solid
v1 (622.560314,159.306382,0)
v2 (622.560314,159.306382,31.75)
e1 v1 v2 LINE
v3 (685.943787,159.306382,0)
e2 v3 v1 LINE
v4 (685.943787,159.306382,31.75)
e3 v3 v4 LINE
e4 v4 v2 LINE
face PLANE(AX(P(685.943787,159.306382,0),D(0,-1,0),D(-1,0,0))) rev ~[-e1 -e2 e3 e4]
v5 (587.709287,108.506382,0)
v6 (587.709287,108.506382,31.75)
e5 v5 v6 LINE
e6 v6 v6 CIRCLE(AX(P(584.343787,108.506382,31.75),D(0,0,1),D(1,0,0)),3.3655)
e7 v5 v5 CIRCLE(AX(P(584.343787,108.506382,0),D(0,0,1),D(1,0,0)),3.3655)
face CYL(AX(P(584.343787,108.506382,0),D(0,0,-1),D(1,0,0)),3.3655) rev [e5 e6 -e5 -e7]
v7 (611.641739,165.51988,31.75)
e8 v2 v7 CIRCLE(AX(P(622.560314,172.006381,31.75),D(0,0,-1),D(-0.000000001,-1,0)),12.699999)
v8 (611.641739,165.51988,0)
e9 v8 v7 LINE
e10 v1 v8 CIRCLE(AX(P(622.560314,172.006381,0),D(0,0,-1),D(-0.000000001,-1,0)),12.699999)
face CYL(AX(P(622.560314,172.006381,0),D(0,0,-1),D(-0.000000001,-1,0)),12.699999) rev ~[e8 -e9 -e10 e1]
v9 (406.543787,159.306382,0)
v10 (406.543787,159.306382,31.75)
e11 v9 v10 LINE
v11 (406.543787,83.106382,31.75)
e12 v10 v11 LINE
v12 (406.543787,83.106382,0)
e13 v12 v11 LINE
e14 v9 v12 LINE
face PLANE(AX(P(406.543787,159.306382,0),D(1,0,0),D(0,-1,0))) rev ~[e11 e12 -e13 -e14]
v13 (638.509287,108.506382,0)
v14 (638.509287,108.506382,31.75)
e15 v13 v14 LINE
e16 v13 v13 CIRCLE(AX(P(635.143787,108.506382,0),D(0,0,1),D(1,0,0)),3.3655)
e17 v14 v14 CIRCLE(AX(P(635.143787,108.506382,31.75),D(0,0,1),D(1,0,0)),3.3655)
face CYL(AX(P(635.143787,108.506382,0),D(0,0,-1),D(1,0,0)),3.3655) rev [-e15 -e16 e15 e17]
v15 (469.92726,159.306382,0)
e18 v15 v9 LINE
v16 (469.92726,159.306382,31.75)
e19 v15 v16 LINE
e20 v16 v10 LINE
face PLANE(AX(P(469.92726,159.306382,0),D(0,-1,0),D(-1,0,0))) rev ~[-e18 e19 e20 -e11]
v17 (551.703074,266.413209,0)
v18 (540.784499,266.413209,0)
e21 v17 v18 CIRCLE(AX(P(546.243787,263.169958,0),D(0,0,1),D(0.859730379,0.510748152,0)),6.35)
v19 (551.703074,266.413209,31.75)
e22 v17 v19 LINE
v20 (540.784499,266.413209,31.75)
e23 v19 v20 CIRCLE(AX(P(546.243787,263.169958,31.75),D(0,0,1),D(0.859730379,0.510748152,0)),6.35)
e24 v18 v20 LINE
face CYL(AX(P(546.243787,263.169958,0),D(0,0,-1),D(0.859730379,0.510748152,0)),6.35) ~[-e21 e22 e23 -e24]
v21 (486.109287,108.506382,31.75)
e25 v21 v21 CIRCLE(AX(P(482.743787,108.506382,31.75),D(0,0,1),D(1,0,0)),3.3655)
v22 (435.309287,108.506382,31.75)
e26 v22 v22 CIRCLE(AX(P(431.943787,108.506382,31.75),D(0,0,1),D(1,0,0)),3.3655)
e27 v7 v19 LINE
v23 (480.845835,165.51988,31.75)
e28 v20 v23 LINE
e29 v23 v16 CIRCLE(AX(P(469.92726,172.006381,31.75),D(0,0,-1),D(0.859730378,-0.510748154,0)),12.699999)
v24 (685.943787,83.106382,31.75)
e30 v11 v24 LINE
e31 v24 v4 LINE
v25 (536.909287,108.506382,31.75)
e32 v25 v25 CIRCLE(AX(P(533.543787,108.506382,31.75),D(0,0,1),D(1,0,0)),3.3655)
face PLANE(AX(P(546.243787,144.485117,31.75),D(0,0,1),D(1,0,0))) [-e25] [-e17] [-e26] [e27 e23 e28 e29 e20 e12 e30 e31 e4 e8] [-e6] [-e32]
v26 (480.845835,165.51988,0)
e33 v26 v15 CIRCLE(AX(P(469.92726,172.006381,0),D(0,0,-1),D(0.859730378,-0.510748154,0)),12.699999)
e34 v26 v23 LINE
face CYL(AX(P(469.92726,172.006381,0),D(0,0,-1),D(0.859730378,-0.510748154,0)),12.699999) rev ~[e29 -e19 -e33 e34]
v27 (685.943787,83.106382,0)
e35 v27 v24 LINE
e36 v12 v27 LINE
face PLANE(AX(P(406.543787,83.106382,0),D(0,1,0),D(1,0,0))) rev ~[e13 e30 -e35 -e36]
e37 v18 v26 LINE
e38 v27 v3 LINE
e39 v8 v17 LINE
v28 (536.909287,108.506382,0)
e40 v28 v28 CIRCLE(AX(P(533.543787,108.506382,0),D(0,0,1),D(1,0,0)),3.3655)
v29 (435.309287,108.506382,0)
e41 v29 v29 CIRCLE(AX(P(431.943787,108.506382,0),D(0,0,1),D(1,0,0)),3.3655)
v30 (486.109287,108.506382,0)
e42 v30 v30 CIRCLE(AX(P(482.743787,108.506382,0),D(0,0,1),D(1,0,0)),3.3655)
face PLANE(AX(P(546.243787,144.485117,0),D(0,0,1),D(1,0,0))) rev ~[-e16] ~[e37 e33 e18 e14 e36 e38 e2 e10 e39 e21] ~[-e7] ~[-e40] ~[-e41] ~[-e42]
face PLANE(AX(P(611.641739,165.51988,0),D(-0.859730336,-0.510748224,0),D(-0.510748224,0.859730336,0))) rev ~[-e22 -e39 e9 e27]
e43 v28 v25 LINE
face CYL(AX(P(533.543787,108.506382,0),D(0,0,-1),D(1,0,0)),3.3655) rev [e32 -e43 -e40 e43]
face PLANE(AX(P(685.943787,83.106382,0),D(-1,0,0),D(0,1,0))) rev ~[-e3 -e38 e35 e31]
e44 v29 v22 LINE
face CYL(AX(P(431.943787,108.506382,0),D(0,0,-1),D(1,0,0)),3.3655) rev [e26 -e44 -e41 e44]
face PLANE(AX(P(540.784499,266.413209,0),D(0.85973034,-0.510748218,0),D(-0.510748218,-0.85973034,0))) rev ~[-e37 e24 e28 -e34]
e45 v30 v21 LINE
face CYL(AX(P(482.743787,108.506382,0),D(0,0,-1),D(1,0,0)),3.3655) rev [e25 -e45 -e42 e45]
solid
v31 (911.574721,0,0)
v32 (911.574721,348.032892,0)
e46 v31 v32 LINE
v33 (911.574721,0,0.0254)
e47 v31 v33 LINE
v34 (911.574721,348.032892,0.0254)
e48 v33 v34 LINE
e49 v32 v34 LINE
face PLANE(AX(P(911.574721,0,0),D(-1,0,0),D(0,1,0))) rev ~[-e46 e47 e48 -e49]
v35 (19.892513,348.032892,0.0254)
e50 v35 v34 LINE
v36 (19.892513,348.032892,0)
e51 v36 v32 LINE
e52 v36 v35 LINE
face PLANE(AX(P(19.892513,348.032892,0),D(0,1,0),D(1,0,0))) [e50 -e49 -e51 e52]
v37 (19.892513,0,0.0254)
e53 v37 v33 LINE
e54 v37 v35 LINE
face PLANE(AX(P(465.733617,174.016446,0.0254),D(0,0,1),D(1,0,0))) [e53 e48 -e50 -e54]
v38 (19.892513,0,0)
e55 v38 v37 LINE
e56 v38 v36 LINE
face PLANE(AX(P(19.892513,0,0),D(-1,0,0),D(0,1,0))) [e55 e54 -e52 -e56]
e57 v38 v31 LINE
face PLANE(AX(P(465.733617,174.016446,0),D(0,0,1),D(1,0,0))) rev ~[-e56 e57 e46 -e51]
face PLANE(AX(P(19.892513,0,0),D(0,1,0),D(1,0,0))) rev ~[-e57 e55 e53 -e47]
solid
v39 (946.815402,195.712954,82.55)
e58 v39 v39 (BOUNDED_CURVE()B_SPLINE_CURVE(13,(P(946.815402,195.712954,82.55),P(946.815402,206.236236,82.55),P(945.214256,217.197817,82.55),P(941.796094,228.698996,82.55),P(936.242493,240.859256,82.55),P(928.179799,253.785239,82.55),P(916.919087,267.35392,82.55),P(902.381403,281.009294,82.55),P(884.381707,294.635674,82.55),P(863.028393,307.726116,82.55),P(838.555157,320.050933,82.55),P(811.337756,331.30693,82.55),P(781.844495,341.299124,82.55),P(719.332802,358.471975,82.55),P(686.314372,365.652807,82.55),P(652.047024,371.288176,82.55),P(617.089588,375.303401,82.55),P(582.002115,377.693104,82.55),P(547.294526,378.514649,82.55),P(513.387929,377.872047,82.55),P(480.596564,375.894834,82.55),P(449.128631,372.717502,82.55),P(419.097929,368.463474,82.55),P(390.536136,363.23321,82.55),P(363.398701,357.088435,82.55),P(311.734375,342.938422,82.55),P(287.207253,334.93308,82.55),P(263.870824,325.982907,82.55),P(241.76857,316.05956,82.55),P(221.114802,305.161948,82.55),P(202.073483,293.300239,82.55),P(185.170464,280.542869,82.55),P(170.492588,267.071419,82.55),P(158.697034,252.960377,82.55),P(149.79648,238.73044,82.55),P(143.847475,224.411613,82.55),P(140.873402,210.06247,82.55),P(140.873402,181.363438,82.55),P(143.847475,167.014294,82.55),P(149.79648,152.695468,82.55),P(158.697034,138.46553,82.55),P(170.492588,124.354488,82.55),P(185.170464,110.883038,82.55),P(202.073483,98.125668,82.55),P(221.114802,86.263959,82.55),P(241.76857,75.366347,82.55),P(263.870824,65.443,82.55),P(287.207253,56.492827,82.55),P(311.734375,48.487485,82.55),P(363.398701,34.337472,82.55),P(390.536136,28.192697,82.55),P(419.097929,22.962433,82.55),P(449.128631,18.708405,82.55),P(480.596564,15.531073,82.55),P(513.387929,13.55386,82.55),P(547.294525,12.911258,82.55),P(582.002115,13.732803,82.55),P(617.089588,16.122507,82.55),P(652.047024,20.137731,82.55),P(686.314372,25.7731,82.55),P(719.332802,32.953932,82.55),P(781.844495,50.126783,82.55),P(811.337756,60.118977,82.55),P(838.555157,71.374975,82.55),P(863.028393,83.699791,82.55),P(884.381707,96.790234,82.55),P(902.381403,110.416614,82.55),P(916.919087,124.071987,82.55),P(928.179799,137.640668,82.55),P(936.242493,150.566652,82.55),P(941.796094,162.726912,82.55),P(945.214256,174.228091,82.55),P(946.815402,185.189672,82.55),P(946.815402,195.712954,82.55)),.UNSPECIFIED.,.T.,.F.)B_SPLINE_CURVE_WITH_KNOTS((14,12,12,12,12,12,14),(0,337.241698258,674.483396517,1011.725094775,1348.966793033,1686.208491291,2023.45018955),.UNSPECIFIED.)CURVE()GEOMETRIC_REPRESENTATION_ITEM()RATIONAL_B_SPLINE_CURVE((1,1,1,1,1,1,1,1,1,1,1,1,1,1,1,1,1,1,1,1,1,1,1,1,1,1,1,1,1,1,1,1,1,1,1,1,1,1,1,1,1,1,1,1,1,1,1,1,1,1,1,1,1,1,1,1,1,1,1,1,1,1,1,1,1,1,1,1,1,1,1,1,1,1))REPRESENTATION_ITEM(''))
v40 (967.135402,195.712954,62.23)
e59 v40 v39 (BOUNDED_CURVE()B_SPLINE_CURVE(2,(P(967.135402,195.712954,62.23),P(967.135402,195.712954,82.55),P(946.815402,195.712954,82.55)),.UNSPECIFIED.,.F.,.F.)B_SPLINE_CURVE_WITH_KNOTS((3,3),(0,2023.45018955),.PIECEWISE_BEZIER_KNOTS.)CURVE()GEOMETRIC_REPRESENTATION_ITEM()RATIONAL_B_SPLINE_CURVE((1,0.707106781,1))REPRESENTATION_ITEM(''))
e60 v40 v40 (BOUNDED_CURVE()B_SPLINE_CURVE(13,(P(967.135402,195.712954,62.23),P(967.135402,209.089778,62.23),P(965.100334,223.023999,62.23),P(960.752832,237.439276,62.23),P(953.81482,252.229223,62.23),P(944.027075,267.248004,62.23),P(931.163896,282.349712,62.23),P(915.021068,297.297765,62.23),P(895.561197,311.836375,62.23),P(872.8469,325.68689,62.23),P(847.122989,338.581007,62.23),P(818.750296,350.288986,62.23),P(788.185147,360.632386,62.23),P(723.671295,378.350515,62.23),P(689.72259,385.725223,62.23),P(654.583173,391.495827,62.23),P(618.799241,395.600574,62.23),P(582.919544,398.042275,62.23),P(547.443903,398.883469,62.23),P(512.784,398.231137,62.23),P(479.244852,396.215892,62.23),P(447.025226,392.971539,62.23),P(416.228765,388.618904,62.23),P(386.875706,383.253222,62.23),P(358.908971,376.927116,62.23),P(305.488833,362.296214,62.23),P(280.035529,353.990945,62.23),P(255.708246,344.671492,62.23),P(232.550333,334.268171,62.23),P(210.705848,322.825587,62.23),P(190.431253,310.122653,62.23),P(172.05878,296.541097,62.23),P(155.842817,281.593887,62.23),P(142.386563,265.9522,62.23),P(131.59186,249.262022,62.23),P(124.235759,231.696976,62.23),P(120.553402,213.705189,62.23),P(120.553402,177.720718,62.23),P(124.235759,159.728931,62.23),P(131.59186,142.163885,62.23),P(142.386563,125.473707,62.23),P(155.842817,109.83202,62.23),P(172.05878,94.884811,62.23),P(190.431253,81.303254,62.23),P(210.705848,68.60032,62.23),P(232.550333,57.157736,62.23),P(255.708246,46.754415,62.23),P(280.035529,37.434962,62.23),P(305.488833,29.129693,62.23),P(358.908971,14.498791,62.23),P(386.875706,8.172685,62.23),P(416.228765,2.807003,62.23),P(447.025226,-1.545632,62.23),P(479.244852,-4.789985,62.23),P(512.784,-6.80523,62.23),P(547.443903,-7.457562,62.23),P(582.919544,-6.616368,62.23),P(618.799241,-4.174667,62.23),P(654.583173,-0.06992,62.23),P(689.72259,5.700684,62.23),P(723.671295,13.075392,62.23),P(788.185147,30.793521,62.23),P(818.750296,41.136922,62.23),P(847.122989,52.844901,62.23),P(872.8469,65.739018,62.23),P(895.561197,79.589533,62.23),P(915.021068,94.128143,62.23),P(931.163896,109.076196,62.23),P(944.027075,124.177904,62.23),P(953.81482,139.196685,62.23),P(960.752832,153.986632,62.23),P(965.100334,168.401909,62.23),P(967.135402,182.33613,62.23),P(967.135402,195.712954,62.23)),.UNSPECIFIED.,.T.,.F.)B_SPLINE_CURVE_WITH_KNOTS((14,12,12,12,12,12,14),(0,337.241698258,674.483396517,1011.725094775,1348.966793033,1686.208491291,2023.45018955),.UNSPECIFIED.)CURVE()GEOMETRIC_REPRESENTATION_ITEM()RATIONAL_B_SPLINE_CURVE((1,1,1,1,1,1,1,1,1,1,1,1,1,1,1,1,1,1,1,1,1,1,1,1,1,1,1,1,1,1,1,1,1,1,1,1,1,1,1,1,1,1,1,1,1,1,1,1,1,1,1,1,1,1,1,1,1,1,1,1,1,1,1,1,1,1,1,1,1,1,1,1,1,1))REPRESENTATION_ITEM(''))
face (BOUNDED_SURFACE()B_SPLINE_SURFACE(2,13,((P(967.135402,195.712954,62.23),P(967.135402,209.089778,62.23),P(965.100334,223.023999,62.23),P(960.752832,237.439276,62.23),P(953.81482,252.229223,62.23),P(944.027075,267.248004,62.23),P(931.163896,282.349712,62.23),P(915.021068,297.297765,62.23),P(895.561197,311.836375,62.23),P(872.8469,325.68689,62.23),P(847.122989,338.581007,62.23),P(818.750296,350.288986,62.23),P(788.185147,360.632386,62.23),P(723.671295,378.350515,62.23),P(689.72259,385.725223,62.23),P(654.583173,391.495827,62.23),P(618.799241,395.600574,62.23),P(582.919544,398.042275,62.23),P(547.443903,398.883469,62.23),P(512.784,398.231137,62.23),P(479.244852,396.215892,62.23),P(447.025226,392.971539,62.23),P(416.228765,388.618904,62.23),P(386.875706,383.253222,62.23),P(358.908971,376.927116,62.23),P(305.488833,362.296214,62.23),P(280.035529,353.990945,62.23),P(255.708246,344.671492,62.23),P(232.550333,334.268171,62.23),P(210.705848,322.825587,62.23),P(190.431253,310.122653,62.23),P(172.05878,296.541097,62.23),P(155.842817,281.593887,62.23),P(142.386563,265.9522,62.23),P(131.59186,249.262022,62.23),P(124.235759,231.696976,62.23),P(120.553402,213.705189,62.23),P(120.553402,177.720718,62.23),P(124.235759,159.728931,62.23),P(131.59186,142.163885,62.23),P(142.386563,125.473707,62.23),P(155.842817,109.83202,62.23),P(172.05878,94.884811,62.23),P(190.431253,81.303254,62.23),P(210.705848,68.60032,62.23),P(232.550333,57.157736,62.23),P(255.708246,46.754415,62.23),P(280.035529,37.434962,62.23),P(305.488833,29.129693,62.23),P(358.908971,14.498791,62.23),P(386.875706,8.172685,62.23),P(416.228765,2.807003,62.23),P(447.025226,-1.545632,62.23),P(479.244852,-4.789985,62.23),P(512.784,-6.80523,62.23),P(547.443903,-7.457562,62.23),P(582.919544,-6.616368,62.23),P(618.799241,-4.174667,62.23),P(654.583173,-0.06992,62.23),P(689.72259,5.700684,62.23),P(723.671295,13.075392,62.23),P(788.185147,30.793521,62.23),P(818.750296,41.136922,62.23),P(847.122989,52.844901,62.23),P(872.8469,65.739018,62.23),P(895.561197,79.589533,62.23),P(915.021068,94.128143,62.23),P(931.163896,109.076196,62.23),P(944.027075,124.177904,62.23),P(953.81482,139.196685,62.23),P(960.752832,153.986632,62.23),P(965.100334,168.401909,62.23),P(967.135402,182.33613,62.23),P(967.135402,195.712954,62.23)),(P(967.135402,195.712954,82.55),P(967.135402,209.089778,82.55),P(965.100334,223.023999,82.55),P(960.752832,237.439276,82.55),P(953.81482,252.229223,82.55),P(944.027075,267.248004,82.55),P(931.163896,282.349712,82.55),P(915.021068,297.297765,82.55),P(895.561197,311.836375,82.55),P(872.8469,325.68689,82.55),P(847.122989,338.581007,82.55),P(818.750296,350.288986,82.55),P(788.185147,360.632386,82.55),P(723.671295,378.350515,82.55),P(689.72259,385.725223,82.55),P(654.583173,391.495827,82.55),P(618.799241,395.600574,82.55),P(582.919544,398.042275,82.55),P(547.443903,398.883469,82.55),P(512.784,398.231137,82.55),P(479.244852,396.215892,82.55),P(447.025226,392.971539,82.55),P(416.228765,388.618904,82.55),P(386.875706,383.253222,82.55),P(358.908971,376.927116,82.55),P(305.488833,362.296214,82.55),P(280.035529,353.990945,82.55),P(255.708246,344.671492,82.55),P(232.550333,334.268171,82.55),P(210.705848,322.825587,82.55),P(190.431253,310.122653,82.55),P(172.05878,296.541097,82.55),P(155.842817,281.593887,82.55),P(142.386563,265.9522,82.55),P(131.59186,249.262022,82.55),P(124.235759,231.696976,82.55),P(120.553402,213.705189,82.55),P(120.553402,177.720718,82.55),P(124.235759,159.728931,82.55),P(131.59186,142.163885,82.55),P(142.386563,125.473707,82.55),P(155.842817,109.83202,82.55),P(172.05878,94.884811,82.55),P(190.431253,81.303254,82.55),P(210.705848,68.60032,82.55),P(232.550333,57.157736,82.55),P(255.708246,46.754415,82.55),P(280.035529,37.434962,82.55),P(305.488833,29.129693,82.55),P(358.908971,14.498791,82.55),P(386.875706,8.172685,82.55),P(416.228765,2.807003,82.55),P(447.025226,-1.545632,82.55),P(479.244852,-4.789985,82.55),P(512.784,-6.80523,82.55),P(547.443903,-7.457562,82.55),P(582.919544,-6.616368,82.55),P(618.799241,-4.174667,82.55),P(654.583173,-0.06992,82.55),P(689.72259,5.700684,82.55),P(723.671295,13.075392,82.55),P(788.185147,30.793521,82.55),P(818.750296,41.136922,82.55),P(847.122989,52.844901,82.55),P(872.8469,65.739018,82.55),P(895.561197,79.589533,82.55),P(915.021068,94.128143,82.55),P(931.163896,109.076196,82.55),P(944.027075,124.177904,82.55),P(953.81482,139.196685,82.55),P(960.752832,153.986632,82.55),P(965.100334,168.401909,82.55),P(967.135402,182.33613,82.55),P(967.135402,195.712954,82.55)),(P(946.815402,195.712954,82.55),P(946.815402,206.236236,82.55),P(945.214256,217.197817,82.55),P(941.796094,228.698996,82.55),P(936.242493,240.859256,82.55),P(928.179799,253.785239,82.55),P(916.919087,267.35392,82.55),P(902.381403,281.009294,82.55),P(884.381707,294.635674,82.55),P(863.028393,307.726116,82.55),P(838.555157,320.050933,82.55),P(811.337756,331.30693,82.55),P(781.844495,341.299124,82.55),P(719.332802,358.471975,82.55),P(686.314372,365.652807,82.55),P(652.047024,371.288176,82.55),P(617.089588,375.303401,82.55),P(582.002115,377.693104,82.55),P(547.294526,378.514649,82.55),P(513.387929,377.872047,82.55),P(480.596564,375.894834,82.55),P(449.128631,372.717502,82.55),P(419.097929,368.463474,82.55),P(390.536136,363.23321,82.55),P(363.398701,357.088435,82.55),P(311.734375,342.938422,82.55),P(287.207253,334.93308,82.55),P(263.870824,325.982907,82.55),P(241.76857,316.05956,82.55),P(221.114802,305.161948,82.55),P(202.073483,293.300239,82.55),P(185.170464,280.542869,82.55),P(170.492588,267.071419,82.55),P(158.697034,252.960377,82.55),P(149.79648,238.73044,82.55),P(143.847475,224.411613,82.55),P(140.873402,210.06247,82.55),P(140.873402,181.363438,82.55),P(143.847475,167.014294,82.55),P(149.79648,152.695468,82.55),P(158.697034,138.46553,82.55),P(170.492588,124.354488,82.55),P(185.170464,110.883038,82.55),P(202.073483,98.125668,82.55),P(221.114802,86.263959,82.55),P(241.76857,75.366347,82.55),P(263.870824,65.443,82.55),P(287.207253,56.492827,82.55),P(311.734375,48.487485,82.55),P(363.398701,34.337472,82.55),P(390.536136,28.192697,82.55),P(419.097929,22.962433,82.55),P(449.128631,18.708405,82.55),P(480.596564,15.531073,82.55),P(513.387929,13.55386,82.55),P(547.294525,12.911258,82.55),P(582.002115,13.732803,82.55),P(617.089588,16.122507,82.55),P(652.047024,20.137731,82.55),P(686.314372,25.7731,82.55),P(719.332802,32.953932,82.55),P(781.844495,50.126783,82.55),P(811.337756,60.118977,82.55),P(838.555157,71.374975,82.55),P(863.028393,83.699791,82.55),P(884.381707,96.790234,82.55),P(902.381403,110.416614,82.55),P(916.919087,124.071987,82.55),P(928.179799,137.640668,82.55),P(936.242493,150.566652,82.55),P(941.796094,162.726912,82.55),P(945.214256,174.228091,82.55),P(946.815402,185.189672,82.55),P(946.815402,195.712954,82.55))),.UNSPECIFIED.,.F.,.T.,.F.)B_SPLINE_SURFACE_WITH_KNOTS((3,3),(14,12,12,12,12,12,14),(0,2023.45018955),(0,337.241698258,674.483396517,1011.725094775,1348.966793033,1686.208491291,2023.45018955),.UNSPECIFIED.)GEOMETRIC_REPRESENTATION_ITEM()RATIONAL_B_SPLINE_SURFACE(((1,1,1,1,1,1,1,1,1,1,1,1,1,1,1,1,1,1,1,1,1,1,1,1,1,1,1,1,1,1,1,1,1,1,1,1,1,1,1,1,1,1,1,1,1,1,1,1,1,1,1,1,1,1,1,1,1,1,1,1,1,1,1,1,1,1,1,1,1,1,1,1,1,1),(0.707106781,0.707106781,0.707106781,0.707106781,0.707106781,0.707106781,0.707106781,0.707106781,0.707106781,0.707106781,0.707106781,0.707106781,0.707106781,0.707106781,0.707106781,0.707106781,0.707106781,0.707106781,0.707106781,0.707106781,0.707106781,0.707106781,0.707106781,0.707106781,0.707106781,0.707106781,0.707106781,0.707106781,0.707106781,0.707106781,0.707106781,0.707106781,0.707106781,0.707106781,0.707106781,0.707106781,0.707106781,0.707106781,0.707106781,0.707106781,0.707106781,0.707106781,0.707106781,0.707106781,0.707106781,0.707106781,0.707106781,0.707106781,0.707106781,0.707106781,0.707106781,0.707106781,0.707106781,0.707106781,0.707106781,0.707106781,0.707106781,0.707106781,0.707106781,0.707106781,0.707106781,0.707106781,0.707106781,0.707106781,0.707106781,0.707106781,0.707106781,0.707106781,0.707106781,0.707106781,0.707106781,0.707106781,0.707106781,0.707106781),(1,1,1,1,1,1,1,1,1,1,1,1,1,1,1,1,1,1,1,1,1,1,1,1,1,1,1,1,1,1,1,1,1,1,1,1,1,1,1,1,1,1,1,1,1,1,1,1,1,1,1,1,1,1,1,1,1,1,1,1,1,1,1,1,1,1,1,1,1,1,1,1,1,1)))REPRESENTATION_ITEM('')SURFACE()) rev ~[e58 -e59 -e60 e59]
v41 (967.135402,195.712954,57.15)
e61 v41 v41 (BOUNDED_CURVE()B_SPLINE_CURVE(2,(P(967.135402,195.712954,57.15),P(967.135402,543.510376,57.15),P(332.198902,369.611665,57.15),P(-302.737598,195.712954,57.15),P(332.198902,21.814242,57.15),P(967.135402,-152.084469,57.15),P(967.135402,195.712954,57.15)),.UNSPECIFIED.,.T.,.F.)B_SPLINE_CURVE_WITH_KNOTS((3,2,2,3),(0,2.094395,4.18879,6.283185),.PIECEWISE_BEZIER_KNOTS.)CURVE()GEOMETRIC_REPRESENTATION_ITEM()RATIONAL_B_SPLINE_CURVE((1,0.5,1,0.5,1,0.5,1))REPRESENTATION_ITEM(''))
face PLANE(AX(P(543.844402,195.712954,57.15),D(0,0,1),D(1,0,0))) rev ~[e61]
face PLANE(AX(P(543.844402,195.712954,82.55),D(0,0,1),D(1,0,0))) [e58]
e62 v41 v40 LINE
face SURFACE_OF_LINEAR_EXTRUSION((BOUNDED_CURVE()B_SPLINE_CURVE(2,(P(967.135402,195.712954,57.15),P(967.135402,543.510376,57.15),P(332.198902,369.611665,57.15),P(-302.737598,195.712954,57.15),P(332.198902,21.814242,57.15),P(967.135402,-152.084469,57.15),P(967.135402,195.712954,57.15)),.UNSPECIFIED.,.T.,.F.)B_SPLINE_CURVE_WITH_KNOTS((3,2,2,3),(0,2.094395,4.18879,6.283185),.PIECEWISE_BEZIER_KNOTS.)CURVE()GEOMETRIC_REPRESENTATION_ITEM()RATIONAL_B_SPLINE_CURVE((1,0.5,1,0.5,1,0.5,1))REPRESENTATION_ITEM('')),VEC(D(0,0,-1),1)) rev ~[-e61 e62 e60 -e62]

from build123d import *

# Parameters (mm, degrees)
F0_R     = 3.3655
F1_DEPTH = 31.75
F2_W     = 891.682207
F2_H     = 348.032892
F3_DEPTH = 0.0254
F6_DEPTH = 25.4
F7_R     = 20.32


with BuildPart() as f1:
    # F0 (on Top) → F1 (new body)
    with BuildSketch(Plane.XY):
        with BuildLine():
            Line((406.543787, 159.306382), (406.543787, 83.106382))
            Line((406.543787, 83.106382), (685.943787, 83.106382))
            Line((685.943787, 83.106382), (685.943787, 159.306382))
            Line((685.943787, 159.306382), (622.560314, 159.306382))
            ThreePointArc((622.560314, 159.306382), (616.278936, 160.968525), (611.641739, 165.51988))
            Line((611.641739, 165.51988), (551.703074, 266.413209))
            ThreePointArc((551.703074, 266.413209), (546.243787, 269.519958), (540.784499, 266.413209))
            Line((540.784499, 266.413209), (480.845835, 165.51988))
            ThreePointArc((480.845835, 165.51988), (476.208638, 160.968525), (469.92726, 159.306382))
            Line((469.92726, 159.306382), (406.543787, 159.306382))
        make_face()
        with Locations((431.943787, 108.506382)):
            Circle(F0_R, mode=Mode.SUBTRACT)
        with Locations((482.743787, 108.506382)):
            Circle(F0_R, mode=Mode.SUBTRACT)
        with Locations((533.543787, 108.506382)):
            Circle(F0_R, mode=Mode.SUBTRACT)
        with Locations((584.343787, 108.506382)):
            Circle(F0_R, mode=Mode.SUBTRACT)
        with Locations((635.143787, 108.506382)):
            Circle(F0_R, mode=Mode.SUBTRACT)
    extrude(amount=F1_DEPTH)


with BuildPart() as f3:
    # F2 (on Top) → F3 (new body)
    with BuildSketch(Plane.XY):
        with Locations((465.733617, 174.016446)):
            Rectangle(F2_W, F2_H)
    extrude(amount=F3_DEPTH)


with BuildPart() as f6:
    # F5 (on offset) → F6 (new body)
    with BuildSketch(Plane.XY.offset(57.15)):
        with BuildLine():
            add(Edge.make_bspline(
                [(967.135402, 195.712954), (967.135402, 543.510376), (332.198902, 369.611665), (-302.737598, 195.712954), (332.198902, 21.814242), (967.135402, -152.084469), (967.135402, 195.712954)],
                knots=[0, 0, 0, 2.094395, 2.094395, 4.18879, 4.18879, 6.283185, 6.283185, 6.283185], degree=2, weights=[1, 0.5, 1, 0.5, 1, 0.5, 1]))
        make_face()
    extrude(amount=F6_DEPTH)

    # F7
    f7_edges = [f6.edges().sort_by_distance(p)[0] for p in [
        (120.553402, 195.71305, 82.55),
    ]]
    fillet(f7_edges, radius=F7_R)


solid = Compound([f1.part, f3.part, f6.part])
